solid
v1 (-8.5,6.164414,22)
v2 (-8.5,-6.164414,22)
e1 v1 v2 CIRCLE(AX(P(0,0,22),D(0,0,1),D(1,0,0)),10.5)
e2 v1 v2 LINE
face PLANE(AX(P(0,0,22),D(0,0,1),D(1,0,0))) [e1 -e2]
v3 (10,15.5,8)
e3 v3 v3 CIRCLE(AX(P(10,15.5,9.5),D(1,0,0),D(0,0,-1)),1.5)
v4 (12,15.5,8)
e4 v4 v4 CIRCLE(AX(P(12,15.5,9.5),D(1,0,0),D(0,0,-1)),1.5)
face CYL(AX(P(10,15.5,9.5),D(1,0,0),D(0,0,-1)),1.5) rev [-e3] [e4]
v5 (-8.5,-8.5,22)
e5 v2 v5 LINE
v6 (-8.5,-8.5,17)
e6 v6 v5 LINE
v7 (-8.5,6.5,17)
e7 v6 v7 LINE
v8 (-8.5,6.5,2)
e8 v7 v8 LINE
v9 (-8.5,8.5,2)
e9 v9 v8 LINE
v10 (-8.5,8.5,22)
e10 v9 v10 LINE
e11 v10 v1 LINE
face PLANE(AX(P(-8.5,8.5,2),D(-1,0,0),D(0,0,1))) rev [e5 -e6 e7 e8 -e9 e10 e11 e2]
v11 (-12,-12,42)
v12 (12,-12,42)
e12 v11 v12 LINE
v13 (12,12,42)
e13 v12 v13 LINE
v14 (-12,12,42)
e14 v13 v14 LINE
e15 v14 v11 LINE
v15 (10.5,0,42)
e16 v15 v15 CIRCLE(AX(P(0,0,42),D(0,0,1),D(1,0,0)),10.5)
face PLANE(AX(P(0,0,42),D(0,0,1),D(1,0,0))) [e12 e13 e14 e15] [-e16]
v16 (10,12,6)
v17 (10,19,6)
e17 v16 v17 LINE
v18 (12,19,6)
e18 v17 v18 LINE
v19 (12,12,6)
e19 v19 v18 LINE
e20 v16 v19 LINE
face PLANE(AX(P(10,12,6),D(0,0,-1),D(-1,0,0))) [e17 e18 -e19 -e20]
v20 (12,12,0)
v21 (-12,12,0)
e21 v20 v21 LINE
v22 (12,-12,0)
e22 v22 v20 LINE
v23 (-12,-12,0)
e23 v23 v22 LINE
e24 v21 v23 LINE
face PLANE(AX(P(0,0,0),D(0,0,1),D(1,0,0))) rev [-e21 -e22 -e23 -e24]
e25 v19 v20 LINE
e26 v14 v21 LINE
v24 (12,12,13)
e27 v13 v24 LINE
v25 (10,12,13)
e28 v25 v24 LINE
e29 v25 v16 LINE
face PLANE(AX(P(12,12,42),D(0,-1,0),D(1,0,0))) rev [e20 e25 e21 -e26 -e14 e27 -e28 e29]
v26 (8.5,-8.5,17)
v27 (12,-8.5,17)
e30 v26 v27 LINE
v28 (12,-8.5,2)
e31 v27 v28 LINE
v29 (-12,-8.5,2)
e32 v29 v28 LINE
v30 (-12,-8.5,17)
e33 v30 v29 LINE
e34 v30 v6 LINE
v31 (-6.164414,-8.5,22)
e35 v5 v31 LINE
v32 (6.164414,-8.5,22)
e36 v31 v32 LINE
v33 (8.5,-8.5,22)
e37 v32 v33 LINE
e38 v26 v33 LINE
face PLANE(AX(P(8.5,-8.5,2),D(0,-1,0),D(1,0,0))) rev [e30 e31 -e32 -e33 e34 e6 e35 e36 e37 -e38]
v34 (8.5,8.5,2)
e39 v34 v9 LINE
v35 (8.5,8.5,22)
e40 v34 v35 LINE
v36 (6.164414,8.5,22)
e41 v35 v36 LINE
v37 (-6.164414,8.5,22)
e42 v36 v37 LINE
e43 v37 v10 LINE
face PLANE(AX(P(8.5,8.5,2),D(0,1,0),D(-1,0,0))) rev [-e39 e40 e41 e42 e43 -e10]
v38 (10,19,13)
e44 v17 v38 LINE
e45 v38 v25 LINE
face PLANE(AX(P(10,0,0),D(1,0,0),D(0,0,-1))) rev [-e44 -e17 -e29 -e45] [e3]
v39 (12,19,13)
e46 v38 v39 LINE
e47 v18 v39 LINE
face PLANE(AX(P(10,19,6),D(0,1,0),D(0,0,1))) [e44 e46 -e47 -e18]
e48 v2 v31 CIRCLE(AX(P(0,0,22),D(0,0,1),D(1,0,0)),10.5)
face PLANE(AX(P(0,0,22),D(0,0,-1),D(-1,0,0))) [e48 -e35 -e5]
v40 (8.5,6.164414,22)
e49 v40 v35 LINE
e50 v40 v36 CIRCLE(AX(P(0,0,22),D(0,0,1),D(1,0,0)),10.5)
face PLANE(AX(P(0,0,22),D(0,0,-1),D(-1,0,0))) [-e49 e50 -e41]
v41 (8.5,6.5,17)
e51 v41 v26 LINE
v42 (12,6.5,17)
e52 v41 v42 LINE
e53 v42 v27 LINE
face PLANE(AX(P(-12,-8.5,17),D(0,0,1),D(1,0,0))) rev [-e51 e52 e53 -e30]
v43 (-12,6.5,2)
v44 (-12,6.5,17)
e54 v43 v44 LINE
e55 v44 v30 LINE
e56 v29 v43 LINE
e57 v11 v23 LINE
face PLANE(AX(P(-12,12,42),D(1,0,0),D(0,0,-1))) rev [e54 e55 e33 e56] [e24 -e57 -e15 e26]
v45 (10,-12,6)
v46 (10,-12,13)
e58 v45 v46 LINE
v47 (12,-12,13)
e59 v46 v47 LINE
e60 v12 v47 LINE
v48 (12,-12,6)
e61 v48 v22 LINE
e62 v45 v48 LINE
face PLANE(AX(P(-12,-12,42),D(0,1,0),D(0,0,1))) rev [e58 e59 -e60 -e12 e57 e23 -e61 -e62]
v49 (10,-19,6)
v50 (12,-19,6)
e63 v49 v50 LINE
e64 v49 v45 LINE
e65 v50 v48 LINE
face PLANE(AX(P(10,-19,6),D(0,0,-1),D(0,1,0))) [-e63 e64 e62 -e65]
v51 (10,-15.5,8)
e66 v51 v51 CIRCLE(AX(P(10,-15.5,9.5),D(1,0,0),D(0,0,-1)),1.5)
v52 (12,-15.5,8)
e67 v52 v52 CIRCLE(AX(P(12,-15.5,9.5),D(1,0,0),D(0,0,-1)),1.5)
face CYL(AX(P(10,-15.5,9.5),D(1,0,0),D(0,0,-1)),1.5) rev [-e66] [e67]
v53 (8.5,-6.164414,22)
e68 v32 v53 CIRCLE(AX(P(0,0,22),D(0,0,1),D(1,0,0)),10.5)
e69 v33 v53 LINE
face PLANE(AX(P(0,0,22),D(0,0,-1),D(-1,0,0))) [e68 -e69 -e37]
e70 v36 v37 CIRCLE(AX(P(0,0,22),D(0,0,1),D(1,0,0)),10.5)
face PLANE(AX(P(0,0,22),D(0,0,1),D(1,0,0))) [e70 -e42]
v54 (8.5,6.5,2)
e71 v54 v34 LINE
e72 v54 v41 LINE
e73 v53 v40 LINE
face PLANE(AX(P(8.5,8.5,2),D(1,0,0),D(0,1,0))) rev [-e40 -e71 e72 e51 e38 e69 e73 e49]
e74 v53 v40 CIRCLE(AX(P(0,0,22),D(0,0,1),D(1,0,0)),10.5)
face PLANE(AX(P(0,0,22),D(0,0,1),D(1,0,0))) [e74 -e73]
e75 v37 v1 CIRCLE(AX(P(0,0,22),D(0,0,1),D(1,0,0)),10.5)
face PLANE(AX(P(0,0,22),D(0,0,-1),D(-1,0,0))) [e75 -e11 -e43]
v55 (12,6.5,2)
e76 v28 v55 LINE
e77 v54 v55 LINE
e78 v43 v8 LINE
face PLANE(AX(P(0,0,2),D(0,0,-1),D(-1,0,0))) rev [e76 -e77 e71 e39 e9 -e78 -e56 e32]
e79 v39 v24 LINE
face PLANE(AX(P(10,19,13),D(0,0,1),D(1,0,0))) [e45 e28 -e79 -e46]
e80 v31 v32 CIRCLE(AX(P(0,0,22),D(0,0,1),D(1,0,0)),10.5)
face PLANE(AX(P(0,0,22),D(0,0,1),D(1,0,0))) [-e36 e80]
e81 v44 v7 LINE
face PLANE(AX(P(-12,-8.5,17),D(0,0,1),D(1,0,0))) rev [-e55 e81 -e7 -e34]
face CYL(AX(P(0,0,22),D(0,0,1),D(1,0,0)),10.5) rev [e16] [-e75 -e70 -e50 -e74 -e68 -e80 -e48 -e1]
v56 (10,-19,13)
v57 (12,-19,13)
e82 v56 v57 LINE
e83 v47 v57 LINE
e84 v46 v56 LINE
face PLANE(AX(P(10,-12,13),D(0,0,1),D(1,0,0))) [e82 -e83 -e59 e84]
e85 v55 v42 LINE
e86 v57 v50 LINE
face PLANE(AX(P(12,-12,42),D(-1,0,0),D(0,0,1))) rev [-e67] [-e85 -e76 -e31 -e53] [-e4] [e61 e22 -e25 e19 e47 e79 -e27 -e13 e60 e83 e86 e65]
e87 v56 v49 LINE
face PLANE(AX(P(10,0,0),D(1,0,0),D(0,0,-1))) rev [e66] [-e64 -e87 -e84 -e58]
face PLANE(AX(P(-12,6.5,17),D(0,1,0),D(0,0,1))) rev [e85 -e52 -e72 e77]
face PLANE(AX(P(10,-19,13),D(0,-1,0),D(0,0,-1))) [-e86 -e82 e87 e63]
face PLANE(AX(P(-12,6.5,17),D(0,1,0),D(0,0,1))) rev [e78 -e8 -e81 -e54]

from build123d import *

# Parameters (mm, degrees)
SKETCH_1_W          = 24
SKETCH_1_H          = 24
EXTRUDE_1_DEPTH     = 42
SKETCH_3_R          = 10.5
CUT_EXTRUDE_1_DEPTH = 20
SKETCH_4_W          = 17
SKETCH_4_H          = 17
CUT_EXTRUDE_2_DEPTH = 20
SKETCH_5_W          = 15
SKETCH_5_H          = 15
CUT_EXTRUDE_5_DEPTH = 50.839743178
SKETCH_6_W          = 7
SKETCH_6_H          = 7
SKETCH_6_R          = 1.5
EXTRUDE_2_DEPTH     = 2


with BuildPart() as part:
    # Эскиз1 → Бобышка-Вытянуть1 (new body)
    with BuildSketch(Plane.XY):
        Rectangle(SKETCH_1_W, SKETCH_1_H)
    extrude(amount=EXTRUDE_1_DEPTH)

    # Эскиз3 → Вырез-Вытянуть1 (cut)
    with BuildSketch(Plane.XY.offset(42)):
        Circle(SKETCH_3_R)
    extrude(amount=-CUT_EXTRUDE_1_DEPTH, mode=Mode.SUBTRACT)

    # Эскиз4 → Вырез-Вытянуть2 (cut)
    with BuildSketch(Plane.XY.offset(22)):
        Rectangle(SKETCH_4_W, SKETCH_4_H)
    extrude(amount=-CUT_EXTRUDE_2_DEPTH, mode=Mode.SUBTRACT)

    # Эскиз5 → Вырез-Вытянуть5 (cut, through all)
    with BuildSketch(Plane(origin=(12, 0, 0), x_dir=(0, 0, -1), z_dir=(1, 0, 0))):
        with Locations((-9.5, -1)):
            Rectangle(SKETCH_5_W, SKETCH_5_H)
    extrude(amount=-CUT_EXTRUDE_5_DEPTH, mode=Mode.SUBTRACT)

    # Эскиз6 → Бобышка-Вытянуть2 (add)
    # profile 1 of 2: a face of its own
    with BuildSketch(Plane(origin=(12, 0, 0), x_dir=(0, 0, -1), z_dir=(1, 0, 0))):
        with Locations((-9.5, 15.5)):
            Rectangle(SKETCH_6_W, SKETCH_6_H)
        with Locations((-9.5, 15.5)):
            Circle(SKETCH_6_R, mode=Mode.SUBTRACT)
    # profile 2 of 2: a face of its own
    with BuildSketch(Plane(origin=(12, 0, 0), x_dir=(0, 0, -1), z_dir=(1, 0, 0))):
        with Locations((-9.5, -15.5)):
            Rectangle(SKETCH_6_W, SKETCH_6_H)
        with Locations((-9.5, -15.5)):
            Circle(SKETCH_6_R, mode=Mode.SUBTRACT)
    extrude(amount=-EXTRUDE_2_DEPTH)


solid = part.part
